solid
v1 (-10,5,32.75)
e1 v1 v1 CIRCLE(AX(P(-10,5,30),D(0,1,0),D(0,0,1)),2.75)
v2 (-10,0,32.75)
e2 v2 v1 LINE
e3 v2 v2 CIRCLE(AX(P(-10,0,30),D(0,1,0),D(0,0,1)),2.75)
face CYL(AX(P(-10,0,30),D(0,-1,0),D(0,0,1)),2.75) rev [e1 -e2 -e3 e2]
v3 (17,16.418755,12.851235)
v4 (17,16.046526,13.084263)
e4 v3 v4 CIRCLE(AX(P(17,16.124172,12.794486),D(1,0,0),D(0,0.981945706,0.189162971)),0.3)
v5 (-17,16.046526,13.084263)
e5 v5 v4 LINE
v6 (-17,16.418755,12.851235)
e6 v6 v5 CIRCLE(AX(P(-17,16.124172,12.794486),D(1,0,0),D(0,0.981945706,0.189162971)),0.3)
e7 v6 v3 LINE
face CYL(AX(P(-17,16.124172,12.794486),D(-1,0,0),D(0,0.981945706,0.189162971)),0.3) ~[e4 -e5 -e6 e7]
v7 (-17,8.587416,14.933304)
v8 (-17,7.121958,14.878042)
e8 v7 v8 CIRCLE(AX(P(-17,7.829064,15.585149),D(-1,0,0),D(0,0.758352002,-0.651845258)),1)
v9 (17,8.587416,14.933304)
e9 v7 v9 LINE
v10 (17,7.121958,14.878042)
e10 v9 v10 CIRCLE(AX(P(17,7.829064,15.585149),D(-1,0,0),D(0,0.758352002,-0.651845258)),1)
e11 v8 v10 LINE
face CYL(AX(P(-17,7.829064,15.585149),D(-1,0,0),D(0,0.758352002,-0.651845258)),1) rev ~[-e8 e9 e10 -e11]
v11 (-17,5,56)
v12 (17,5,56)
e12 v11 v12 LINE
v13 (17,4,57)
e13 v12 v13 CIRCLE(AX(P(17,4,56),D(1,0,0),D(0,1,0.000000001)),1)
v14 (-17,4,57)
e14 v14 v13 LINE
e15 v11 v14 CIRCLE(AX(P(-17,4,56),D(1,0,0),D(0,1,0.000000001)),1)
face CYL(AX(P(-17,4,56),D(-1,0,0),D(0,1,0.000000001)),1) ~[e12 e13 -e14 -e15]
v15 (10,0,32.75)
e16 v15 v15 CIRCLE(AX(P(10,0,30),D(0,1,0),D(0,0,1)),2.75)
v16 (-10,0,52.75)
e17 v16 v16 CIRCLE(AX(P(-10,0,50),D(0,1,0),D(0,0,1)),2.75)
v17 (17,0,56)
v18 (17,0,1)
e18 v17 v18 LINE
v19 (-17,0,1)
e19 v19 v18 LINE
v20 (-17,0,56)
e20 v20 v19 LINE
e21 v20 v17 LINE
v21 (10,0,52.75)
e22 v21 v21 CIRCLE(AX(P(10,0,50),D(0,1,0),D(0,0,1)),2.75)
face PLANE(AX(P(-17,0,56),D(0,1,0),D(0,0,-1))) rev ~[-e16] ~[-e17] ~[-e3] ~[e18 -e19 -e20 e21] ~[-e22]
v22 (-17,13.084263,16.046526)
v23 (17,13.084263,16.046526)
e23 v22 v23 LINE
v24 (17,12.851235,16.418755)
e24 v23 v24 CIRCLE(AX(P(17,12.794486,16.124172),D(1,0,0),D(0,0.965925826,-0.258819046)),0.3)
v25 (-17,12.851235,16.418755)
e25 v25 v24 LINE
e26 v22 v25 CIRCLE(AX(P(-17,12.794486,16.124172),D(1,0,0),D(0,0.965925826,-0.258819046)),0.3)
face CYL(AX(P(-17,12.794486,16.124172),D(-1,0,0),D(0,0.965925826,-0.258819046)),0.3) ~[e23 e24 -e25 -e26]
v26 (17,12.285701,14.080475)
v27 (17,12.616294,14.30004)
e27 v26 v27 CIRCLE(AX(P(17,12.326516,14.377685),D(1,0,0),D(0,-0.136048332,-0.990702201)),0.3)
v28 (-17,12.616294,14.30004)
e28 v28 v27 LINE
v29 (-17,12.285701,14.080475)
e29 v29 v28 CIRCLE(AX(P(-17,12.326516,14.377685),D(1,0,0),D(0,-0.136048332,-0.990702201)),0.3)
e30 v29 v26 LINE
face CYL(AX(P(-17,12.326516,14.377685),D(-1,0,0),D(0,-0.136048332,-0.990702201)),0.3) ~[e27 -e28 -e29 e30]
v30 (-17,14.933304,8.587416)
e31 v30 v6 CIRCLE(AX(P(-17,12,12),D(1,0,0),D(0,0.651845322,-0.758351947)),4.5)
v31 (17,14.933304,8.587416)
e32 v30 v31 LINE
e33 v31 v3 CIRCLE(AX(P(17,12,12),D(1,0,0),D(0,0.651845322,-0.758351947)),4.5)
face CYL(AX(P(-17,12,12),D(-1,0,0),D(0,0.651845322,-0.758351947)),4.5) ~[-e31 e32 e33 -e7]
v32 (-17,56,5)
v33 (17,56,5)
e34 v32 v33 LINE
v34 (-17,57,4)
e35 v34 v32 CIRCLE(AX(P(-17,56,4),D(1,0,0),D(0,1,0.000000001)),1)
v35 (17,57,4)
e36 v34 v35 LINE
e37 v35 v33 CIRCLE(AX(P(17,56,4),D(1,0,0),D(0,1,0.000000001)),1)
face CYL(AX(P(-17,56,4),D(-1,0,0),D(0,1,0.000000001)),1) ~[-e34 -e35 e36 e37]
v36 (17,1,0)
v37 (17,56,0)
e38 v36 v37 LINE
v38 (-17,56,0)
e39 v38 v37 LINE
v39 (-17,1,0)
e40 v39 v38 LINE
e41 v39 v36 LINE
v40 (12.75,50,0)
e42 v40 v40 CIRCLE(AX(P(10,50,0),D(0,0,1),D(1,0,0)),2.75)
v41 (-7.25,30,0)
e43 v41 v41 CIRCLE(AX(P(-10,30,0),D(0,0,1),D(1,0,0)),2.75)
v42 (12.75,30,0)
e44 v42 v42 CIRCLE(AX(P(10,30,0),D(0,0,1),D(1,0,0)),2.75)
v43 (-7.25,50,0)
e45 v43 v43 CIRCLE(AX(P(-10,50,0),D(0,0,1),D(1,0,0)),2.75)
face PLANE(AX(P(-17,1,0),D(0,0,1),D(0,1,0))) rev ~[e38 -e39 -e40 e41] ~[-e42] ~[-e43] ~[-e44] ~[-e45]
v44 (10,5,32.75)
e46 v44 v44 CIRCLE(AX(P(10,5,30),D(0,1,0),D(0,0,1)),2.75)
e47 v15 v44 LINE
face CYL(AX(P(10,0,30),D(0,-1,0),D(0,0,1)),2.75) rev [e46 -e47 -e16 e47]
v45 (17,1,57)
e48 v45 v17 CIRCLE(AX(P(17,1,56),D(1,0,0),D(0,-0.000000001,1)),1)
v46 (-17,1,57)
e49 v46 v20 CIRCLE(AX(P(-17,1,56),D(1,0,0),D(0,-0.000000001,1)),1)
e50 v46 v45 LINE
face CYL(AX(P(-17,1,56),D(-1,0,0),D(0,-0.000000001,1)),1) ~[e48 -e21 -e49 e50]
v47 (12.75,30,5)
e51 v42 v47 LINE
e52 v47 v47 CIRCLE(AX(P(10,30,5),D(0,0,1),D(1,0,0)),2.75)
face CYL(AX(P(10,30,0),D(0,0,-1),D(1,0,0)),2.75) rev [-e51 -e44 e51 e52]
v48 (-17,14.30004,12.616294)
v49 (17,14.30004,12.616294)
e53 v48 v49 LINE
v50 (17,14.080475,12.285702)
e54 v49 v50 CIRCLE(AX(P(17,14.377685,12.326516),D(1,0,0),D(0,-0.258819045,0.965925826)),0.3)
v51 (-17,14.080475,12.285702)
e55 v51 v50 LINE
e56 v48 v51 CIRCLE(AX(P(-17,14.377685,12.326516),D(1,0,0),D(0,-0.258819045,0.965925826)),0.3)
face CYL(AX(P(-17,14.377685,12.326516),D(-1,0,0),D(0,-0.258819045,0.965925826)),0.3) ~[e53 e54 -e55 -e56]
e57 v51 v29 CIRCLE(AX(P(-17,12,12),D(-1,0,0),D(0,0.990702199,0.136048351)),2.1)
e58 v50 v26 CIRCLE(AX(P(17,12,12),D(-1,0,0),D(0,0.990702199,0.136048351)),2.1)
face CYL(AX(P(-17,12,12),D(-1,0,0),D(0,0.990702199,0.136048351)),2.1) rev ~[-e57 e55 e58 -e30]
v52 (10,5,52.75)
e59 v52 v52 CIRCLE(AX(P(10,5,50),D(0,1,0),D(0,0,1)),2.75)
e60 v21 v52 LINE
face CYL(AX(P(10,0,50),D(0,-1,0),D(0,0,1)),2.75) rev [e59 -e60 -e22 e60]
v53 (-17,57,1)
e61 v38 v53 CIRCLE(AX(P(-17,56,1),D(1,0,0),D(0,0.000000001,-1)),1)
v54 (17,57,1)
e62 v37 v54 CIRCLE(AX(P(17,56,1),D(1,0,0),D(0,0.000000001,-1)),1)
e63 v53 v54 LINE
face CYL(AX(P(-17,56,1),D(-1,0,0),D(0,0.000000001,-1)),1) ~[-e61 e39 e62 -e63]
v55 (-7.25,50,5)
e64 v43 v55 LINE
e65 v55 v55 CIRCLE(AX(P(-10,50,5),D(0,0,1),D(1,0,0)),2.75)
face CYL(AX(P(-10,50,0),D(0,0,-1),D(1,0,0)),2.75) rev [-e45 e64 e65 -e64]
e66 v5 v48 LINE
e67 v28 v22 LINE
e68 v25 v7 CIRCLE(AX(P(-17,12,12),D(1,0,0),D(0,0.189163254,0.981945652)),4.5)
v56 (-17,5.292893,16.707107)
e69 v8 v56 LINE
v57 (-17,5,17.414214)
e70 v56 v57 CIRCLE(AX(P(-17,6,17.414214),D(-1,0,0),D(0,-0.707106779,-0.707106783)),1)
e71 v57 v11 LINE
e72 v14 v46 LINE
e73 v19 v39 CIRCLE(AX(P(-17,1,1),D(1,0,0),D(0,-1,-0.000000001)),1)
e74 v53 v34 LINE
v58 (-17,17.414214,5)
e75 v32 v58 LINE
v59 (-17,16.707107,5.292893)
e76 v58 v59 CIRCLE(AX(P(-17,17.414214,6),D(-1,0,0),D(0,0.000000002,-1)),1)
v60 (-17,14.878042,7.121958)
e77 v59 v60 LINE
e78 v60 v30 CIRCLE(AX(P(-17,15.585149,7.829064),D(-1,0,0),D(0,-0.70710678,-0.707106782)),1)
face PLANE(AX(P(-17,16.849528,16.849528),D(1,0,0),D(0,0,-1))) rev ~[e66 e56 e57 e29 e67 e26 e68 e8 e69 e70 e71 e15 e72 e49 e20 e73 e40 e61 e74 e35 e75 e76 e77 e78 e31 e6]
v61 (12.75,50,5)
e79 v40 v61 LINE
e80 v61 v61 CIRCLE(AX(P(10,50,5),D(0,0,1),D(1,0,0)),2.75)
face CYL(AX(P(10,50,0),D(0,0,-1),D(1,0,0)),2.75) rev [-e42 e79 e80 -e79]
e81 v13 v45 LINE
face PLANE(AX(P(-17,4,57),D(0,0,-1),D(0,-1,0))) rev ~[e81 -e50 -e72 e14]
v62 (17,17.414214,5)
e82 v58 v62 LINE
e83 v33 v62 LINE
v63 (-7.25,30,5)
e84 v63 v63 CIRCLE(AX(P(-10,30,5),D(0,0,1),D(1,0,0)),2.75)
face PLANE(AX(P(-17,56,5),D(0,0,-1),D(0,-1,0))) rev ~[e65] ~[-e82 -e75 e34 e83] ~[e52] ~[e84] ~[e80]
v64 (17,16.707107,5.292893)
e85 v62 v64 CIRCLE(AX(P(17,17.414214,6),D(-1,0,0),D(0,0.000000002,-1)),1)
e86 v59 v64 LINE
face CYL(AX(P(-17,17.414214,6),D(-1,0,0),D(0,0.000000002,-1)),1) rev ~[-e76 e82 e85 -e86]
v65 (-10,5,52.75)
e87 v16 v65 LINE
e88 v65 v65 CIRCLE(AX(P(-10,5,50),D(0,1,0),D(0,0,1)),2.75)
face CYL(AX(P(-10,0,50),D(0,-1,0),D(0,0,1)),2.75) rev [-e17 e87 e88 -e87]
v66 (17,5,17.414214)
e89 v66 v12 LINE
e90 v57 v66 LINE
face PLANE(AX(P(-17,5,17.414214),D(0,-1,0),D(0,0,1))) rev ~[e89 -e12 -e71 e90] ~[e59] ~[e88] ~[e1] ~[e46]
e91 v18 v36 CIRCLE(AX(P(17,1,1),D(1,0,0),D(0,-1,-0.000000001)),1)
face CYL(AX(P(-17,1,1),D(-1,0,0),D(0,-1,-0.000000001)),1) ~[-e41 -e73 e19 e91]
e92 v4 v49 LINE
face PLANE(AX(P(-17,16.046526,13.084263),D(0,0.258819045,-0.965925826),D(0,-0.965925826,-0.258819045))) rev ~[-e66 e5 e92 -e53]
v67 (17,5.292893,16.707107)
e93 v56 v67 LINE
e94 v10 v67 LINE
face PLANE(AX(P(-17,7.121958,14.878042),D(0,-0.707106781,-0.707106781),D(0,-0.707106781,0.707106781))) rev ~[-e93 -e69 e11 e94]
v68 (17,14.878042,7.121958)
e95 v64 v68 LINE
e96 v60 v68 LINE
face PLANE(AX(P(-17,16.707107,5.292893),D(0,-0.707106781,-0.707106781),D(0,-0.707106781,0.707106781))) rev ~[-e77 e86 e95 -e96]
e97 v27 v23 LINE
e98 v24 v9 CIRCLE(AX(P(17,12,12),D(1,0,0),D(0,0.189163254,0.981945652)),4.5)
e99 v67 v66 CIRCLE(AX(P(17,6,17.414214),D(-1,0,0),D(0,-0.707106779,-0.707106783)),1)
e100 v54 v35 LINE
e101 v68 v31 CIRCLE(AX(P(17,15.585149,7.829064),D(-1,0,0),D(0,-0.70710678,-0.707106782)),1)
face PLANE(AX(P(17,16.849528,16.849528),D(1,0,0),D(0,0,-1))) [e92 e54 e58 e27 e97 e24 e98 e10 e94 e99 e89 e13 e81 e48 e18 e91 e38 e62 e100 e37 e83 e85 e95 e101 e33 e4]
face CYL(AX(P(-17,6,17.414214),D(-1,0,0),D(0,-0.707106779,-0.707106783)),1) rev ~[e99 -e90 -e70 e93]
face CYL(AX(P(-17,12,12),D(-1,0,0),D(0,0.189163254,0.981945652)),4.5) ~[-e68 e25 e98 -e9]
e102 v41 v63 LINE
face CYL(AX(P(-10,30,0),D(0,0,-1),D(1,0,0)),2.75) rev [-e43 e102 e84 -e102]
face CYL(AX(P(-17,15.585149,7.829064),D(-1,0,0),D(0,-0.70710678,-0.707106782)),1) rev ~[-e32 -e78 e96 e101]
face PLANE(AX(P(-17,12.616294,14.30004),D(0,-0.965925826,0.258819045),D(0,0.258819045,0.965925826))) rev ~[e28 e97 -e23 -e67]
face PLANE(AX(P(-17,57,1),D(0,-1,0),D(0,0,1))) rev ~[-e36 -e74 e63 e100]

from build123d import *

# Parameters (mm, degrees)
BOSS_EXTRUDE1_DEPTH      = 17
BOSS_EXTRUDE1_DEPTH_BACK = 17
SKETCH2_R                = 2.75
CUT_EXTRUDE1_DEPTH       = 5
SKETCH3_R                = 2.75
CUT_EXTRUDE2_DEPTH       = 5
SKETCH4_R                = 2.75
CUT_EXTRUDE3_DEPTH       = 5
SKETCH5_R                = 2.75
CUT_EXTRUDE4_DEPTH       = 5
SKETCH6_R                = 2.75
CUT_EXTRUDE5_DEPTH       = 5
SKETCH7_R                = 2.75
CUT_EXTRUDE6_DEPTH       = 5
SKETCH8_R                = 2.75
CUT_EXTRUDE7_DEPTH       = 5
SKETCH9_R                = 2.75
CUT_EXTRUDE8_DEPTH       = 5


with BuildPart() as part:
    # Sketch1 → Boss-Extrude1 (new, two sides: drawn at the far end of the back side and taken through both)
    with BuildSketch(Plane(origin=(0, 0, 0), x_dir=(0, 0, -1), z_dir=(1, 0, 0)).offset(-BOSS_EXTRUDE1_DEPTH_BACK)):
        with BuildLine():
            Line((-56, 0), (-1, 0))
            ThreePointArc((-1, 0), (-0.292893219, 0.292893219), (0, 1))
            Line((0, 1), (0, 56))
            ThreePointArc((0, 56), (-0.292893219, 56.707106781), (-1, 57))
            Line((-1, 57), (-4, 57))
            ThreePointArc((-4, 57), (-4.707106781, 56.707106781), (-5, 56))
            Line((-5, 56), (-5, 17.414213562))
            ThreePointArc((-5, 17.414213562), (-5.076120467, 17.03153013), (-5.292893219, 16.707106781))
            Line((-5.292893219, 16.707106781), (-7.121957509, 14.878042491))
            ThreePointArc((-7.121957509, 14.878042491), (-7.866746832, 14.585859511), (-8.587416237, 14.93330395))
            ThreePointArc((-8.587416237, 14.93330395), (-10.519537564, 16.249497732), (-12.851234525, 16.418755456))
            ThreePointArc((-12.851234525, 16.418755456), (-13.048766707, 16.283360738), (-13.084263382, 16.046526031))
            Line((-13.084263382, 16.046526031), (-12.616293745, 14.300039569))
            ThreePointArc((-12.616293745, 14.300039569), (-12.492491512, 14.127781044), (-12.285701536, 14.080474617))
            ThreePointArc((-12.285701536, 14.080474617), (-10.515075746, 10.515075773), (-14.080474622, 12.285701498))
            ThreePointArc((-14.080474622, 12.285701498), (-14.127781033, 12.492491496), (-14.300039569, 12.616293745))
            Line((-14.300039569, 12.616293745), (-16.046526031, 13.084263382))
            ThreePointArc((-16.046526031, 13.084263382), (-16.283360688, 13.048766739), (-16.418755434, 12.851234641))
            ThreePointArc((-16.418755434, 12.851234641), (-16.249497766, 10.51953766), (-14.933304014, 8.587416292))
            ThreePointArc((-14.933304014, 8.587416292), (-14.585859513, 7.866746874), (-14.878042491, 7.121957509))
            Line((-14.878042491, 7.121957509), (-16.707106781, 5.292893219))
            ThreePointArc((-16.707106781, 5.292893219), (-17.03153013, 5.076120467), (-17.414213562, 5))
            Line((-17.414213562, 5), (-56, 5))
            ThreePointArc((-56, 5), (-56.707106781, 4.707106781), (-57, 4))
            Line((-57, 4), (-57, 1))
            ThreePointArc((-57, 1), (-56.707106781, 0.292893219), (-56, 0))
        make_face()
    extrude(amount=BOSS_EXTRUDE1_DEPTH + BOSS_EXTRUDE1_DEPTH_BACK)

    # Sketch2 → Cut-Extrude1 (cut)
    with BuildSketch(Plane(origin=(0, 0, 0), x_dir=(1, 0, 0), z_dir=(0, 1, 0))):
        with Locations((-10, -30)):
            Circle(SKETCH2_R)
    extrude(amount=CUT_EXTRUDE1_DEPTH, mode=Mode.SUBTRACT)

    # Sketch3 → Cut-Extrude2 (cut)
    with BuildSketch(Plane(origin=(0, 0, 0), x_dir=(1, 0, 0), z_dir=(0, 1, 0))):
        with Locations((-10, -50)):
            Circle(SKETCH3_R)
    extrude(amount=CUT_EXTRUDE2_DEPTH, mode=Mode.SUBTRACT)

    # Sketch4 → Cut-Extrude3 (cut)
    with BuildSketch(Plane(origin=(0, 0, 0), x_dir=(1, 0, 0), z_dir=(0, 1, 0))):
        with Locations((10, -30)):
            Circle(SKETCH4_R)
    extrude(amount=CUT_EXTRUDE3_DEPTH, mode=Mode.SUBTRACT)

    # Sketch5 → Cut-Extrude4 (cut)
    with BuildSketch(Plane(origin=(0, 0, 0), x_dir=(1, 0, 0), z_dir=(0, 1, 0))):
        with Locations((10, -50)):
            Circle(SKETCH5_R)
    extrude(amount=CUT_EXTRUDE4_DEPTH, mode=Mode.SUBTRACT)

    # Sketch6 → Cut-Extrude5 (cut)
    with BuildSketch(Plane.XY):
        with Locations((-10, 30)):
            Circle(SKETCH6_R)
    extrude(amount=CUT_EXTRUDE5_DEPTH, mode=Mode.SUBTRACT)

    # Sketch7 → Cut-Extrude6 (cut)
    with BuildSketch(Plane.XY):
        with Locations((10, 30)):
            Circle(SKETCH7_R)
    extrude(amount=CUT_EXTRUDE6_DEPTH, mode=Mode.SUBTRACT)

    # Sketch8 → Cut-Extrude7 (cut)
    with BuildSketch(Plane.XY):
        with Locations((-10, 50)):
            Circle(SKETCH8_R)
    extrude(amount=CUT_EXTRUDE7_DEPTH, mode=Mode.SUBTRACT)

    # Sketch9 → Cut-Extrude8 (cut)
    with BuildSketch(Plane.XY):
        with Locations((10, 50)):
            Circle(SKETCH9_R)
    extrude(amount=CUT_EXTRUDE8_DEPTH, mode=Mode.SUBTRACT)


solid = part.part
